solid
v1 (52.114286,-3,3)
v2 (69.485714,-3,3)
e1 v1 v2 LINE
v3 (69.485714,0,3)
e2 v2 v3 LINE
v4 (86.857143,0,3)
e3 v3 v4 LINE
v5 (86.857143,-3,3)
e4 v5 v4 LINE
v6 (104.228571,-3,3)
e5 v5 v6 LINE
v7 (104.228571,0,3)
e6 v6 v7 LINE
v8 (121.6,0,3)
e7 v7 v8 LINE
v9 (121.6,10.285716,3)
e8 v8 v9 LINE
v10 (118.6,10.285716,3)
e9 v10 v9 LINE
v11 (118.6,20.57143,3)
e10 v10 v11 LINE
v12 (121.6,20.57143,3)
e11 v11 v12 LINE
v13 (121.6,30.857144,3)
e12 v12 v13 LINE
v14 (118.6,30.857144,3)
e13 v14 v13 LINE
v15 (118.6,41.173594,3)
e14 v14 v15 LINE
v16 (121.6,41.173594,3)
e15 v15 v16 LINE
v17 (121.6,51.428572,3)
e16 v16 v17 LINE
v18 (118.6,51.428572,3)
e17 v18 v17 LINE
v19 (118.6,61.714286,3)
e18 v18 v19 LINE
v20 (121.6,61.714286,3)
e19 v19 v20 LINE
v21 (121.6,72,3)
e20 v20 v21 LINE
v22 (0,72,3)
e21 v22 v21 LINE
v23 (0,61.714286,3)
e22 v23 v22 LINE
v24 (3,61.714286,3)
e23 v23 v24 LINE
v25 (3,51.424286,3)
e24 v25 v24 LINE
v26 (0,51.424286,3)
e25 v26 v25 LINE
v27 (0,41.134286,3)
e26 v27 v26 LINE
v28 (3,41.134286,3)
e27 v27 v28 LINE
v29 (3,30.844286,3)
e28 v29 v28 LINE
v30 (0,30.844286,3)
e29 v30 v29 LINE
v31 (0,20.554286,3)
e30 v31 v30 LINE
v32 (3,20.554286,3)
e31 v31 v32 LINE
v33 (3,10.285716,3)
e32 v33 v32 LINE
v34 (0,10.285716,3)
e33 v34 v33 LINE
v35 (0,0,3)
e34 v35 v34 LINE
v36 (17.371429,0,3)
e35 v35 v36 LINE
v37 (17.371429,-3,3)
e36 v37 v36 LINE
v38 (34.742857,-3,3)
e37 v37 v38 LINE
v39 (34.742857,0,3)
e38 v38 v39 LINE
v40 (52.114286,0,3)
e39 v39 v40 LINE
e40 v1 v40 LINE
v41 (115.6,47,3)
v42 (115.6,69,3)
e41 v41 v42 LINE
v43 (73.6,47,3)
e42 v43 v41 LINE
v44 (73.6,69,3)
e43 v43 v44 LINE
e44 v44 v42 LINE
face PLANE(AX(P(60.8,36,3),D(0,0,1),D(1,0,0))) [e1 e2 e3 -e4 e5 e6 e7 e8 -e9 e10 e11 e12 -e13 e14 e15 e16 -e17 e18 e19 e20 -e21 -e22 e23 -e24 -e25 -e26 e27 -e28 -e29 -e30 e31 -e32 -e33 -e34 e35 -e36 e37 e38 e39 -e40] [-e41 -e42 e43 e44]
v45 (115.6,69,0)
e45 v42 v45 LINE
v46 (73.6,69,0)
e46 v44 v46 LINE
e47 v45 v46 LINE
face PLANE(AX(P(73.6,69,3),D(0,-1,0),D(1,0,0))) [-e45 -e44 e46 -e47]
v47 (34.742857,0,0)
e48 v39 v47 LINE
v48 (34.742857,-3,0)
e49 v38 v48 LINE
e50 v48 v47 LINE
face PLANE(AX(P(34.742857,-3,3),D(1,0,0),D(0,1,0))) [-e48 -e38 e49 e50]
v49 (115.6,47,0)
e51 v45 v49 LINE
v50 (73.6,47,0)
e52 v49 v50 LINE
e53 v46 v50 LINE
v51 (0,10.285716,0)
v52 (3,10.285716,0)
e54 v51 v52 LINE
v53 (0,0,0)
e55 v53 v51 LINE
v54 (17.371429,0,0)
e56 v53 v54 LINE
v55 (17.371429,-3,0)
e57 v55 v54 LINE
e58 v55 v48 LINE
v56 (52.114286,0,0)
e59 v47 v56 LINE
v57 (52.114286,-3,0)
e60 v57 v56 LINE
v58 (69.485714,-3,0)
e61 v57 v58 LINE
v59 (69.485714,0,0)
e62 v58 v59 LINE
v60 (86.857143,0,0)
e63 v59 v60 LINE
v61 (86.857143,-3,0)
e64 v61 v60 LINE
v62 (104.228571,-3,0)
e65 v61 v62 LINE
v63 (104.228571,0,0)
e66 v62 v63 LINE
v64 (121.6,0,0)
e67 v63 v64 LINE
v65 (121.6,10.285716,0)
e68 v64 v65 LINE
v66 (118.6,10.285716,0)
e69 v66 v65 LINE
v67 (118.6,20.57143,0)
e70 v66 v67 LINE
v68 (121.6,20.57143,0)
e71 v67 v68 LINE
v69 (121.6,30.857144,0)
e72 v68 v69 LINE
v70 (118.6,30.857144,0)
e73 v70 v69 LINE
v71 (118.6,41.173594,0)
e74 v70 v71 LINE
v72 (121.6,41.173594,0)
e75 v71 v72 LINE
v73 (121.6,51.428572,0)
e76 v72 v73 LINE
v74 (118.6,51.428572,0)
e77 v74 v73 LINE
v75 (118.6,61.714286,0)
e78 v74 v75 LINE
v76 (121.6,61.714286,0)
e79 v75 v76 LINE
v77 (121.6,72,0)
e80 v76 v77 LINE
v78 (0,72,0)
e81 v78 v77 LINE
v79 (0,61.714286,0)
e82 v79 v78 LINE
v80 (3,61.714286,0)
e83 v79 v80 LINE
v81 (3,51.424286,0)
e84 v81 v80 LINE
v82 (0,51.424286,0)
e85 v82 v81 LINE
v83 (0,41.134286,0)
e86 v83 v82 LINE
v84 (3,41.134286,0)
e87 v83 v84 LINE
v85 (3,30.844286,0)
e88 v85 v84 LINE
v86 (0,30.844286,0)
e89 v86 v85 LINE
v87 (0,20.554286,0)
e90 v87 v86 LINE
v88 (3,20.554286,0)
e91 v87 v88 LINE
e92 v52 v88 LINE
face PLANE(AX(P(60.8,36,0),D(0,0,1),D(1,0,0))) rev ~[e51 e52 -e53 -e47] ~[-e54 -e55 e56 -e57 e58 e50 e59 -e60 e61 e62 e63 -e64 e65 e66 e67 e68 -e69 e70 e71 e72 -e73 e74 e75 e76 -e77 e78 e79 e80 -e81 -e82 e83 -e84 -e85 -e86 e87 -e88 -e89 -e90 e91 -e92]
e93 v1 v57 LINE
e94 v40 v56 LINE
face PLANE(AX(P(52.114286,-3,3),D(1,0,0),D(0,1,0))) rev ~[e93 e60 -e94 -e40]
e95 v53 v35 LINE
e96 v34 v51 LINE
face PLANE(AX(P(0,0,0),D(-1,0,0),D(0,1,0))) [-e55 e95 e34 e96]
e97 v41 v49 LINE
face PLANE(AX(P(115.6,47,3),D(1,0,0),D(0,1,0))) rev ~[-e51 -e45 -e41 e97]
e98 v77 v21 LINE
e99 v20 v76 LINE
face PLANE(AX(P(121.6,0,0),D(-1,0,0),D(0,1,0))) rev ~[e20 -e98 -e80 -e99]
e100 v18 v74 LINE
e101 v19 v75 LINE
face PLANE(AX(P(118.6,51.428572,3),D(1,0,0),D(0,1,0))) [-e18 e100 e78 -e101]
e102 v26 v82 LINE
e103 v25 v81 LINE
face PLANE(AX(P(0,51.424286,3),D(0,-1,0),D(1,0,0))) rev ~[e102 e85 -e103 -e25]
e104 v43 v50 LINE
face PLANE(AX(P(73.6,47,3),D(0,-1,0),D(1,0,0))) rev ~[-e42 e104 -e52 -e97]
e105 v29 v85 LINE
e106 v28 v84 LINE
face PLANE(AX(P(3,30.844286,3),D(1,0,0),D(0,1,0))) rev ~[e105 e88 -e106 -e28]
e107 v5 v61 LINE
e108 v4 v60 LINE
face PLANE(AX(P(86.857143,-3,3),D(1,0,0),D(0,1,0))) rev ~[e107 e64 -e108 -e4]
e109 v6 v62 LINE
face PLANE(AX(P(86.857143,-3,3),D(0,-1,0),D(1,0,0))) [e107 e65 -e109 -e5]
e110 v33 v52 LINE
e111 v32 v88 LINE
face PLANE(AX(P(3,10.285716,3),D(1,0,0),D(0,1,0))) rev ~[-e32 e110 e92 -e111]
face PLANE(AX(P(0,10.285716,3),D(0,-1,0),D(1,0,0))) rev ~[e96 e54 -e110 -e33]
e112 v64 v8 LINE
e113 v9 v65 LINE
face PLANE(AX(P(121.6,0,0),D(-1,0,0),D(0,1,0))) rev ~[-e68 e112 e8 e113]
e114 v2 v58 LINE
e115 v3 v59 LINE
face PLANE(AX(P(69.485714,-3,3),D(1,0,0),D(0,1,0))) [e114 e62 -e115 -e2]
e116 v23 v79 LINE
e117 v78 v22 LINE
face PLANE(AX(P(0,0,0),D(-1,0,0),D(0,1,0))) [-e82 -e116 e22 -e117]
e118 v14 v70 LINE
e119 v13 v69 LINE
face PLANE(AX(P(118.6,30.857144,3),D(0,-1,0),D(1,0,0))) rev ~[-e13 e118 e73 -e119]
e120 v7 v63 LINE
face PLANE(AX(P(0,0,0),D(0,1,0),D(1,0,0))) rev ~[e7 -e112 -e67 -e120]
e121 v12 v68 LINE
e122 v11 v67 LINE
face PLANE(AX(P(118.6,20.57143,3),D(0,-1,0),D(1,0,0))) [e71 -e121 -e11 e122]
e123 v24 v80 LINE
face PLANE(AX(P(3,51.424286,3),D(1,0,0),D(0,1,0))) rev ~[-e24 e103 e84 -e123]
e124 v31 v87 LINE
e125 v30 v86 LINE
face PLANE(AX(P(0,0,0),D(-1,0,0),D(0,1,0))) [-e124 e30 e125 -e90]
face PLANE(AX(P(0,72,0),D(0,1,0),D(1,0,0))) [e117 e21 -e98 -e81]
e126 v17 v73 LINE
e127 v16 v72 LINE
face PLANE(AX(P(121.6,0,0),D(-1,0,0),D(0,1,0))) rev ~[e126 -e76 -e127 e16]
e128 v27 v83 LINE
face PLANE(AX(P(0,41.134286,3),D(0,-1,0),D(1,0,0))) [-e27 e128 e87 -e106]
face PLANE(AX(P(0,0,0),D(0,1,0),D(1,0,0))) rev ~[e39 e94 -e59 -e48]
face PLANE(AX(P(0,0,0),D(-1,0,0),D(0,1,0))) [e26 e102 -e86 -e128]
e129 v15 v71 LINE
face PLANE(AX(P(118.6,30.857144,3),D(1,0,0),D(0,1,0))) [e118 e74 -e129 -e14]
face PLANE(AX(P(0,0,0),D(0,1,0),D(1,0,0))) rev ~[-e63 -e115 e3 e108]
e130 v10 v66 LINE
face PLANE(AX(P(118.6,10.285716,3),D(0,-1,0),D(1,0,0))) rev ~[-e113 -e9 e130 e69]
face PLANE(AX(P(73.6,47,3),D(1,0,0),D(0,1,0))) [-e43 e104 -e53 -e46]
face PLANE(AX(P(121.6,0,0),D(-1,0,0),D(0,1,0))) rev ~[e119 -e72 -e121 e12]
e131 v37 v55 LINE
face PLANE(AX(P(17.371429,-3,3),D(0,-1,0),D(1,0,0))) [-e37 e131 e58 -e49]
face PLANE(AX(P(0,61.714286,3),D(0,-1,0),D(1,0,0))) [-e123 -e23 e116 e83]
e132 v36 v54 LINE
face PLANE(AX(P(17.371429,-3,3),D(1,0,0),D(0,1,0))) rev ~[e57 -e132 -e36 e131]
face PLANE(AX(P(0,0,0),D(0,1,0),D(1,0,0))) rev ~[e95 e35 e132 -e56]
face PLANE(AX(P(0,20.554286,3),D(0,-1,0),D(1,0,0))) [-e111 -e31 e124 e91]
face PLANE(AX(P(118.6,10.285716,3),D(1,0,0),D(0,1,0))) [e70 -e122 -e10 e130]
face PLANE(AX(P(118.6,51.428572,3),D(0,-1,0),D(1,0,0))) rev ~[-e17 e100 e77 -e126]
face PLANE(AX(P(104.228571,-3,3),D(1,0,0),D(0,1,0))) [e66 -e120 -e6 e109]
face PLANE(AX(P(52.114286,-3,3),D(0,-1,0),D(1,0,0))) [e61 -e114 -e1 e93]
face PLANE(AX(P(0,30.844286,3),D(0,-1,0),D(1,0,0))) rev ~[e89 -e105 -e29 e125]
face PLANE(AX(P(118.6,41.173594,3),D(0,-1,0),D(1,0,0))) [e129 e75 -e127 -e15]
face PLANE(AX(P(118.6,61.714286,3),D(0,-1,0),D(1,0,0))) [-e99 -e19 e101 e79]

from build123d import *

# Parameters (mm, degrees)
SKETCH1_W           = 121.6
SKETCH1_H           = 72
BOSS_EXTRUDE1_DEPTH = 3
CUT_EXTRUDE1_REACH  = 5
SKETCH4_W           = 42
SKETCH4_H           = 22
SKETCH6_W           = 3
SKETCH6_H           = 10.285714
SKETCH6_H_2         = 10.316450419
SKETCH6_H_3         = 10.26857
SKETCH6_H_4         = 10.29
CUT_EXTRUDE2_DEPTH  = 4
SKETCH7_W           = 17.37142857
SKETCH7_H           = 3
BOSS_EXTRUDE2_DEPTH = 3


with BuildPart() as part:
    # Sketch1 → Boss-Extrude1 (new body)
    with BuildSketch(Plane.XY):
        with Locations((60.8, 36)):
            Rectangle(SKETCH1_W, SKETCH1_H)
    extrude(amount=BOSS_EXTRUDE1_DEPTH)

    # Sketch4 → Cut-Extrude1 (cut, up to next)
    with BuildSketch(Plane.XY.offset(3), mode=Mode.PRIVATE) as cut_extrude1_sk1:
        with Locations((94.6, 58)):
            Rectangle(SKETCH4_W, SKETCH4_H)
    cut_extrude1_tool1 = extrude(cut_extrude1_sk1.sketch, amount=-CUT_EXTRUDE1_REACH, mode=Mode.PRIVATE) & part.part
    add(cut_extrude1_tool1.solids().sort_by_distance((94.6, 58, 3))[0], mode=Mode.SUBTRACT)

    # Sketch6 → Cut-Extrude2 (cut, through all)
    with BuildSketch(Plane.XY.offset(3)):
        with Locations((120.1, 56.571428714)):
            Rectangle(SKETCH6_W, SKETCH6_H)
        with Locations((120.1, 36.015368924)):
            Rectangle(SKETCH6_W, SKETCH6_H_2)
        with Locations((120.1, 15.428572714)):
            Rectangle(SKETCH6_W, SKETCH6_H)
        with Locations((1.5, 15.420000714)):
            Rectangle(SKETCH6_W, SKETCH6_H_3)
        with Locations((1.5, 35.989285714)):
            Rectangle(SKETCH6_W, SKETCH6_H_4)
        with Locations((1.5, 56.569285714)):
            Rectangle(SKETCH6_W, SKETCH6_H_4)
    extrude(amount=-CUT_EXTRUDE2_DEPTH, mode=Mode.SUBTRACT)

    # Sketch7 → Boss-Extrude2 (add)
    with BuildSketch(Plane.XY.offset(3)):
        with Locations((95.542857144, -1.5)):
            Rectangle(SKETCH7_W, SKETCH7_H)
        with Locations((60.800000004, -1.5)):
            Rectangle(SKETCH7_W, SKETCH7_H)
        with Locations((26.057142864, -1.5)):
            Rectangle(SKETCH7_W, SKETCH7_H)
    extrude(amount=-BOSS_EXTRUDE2_DEPTH)


solid = part.part
